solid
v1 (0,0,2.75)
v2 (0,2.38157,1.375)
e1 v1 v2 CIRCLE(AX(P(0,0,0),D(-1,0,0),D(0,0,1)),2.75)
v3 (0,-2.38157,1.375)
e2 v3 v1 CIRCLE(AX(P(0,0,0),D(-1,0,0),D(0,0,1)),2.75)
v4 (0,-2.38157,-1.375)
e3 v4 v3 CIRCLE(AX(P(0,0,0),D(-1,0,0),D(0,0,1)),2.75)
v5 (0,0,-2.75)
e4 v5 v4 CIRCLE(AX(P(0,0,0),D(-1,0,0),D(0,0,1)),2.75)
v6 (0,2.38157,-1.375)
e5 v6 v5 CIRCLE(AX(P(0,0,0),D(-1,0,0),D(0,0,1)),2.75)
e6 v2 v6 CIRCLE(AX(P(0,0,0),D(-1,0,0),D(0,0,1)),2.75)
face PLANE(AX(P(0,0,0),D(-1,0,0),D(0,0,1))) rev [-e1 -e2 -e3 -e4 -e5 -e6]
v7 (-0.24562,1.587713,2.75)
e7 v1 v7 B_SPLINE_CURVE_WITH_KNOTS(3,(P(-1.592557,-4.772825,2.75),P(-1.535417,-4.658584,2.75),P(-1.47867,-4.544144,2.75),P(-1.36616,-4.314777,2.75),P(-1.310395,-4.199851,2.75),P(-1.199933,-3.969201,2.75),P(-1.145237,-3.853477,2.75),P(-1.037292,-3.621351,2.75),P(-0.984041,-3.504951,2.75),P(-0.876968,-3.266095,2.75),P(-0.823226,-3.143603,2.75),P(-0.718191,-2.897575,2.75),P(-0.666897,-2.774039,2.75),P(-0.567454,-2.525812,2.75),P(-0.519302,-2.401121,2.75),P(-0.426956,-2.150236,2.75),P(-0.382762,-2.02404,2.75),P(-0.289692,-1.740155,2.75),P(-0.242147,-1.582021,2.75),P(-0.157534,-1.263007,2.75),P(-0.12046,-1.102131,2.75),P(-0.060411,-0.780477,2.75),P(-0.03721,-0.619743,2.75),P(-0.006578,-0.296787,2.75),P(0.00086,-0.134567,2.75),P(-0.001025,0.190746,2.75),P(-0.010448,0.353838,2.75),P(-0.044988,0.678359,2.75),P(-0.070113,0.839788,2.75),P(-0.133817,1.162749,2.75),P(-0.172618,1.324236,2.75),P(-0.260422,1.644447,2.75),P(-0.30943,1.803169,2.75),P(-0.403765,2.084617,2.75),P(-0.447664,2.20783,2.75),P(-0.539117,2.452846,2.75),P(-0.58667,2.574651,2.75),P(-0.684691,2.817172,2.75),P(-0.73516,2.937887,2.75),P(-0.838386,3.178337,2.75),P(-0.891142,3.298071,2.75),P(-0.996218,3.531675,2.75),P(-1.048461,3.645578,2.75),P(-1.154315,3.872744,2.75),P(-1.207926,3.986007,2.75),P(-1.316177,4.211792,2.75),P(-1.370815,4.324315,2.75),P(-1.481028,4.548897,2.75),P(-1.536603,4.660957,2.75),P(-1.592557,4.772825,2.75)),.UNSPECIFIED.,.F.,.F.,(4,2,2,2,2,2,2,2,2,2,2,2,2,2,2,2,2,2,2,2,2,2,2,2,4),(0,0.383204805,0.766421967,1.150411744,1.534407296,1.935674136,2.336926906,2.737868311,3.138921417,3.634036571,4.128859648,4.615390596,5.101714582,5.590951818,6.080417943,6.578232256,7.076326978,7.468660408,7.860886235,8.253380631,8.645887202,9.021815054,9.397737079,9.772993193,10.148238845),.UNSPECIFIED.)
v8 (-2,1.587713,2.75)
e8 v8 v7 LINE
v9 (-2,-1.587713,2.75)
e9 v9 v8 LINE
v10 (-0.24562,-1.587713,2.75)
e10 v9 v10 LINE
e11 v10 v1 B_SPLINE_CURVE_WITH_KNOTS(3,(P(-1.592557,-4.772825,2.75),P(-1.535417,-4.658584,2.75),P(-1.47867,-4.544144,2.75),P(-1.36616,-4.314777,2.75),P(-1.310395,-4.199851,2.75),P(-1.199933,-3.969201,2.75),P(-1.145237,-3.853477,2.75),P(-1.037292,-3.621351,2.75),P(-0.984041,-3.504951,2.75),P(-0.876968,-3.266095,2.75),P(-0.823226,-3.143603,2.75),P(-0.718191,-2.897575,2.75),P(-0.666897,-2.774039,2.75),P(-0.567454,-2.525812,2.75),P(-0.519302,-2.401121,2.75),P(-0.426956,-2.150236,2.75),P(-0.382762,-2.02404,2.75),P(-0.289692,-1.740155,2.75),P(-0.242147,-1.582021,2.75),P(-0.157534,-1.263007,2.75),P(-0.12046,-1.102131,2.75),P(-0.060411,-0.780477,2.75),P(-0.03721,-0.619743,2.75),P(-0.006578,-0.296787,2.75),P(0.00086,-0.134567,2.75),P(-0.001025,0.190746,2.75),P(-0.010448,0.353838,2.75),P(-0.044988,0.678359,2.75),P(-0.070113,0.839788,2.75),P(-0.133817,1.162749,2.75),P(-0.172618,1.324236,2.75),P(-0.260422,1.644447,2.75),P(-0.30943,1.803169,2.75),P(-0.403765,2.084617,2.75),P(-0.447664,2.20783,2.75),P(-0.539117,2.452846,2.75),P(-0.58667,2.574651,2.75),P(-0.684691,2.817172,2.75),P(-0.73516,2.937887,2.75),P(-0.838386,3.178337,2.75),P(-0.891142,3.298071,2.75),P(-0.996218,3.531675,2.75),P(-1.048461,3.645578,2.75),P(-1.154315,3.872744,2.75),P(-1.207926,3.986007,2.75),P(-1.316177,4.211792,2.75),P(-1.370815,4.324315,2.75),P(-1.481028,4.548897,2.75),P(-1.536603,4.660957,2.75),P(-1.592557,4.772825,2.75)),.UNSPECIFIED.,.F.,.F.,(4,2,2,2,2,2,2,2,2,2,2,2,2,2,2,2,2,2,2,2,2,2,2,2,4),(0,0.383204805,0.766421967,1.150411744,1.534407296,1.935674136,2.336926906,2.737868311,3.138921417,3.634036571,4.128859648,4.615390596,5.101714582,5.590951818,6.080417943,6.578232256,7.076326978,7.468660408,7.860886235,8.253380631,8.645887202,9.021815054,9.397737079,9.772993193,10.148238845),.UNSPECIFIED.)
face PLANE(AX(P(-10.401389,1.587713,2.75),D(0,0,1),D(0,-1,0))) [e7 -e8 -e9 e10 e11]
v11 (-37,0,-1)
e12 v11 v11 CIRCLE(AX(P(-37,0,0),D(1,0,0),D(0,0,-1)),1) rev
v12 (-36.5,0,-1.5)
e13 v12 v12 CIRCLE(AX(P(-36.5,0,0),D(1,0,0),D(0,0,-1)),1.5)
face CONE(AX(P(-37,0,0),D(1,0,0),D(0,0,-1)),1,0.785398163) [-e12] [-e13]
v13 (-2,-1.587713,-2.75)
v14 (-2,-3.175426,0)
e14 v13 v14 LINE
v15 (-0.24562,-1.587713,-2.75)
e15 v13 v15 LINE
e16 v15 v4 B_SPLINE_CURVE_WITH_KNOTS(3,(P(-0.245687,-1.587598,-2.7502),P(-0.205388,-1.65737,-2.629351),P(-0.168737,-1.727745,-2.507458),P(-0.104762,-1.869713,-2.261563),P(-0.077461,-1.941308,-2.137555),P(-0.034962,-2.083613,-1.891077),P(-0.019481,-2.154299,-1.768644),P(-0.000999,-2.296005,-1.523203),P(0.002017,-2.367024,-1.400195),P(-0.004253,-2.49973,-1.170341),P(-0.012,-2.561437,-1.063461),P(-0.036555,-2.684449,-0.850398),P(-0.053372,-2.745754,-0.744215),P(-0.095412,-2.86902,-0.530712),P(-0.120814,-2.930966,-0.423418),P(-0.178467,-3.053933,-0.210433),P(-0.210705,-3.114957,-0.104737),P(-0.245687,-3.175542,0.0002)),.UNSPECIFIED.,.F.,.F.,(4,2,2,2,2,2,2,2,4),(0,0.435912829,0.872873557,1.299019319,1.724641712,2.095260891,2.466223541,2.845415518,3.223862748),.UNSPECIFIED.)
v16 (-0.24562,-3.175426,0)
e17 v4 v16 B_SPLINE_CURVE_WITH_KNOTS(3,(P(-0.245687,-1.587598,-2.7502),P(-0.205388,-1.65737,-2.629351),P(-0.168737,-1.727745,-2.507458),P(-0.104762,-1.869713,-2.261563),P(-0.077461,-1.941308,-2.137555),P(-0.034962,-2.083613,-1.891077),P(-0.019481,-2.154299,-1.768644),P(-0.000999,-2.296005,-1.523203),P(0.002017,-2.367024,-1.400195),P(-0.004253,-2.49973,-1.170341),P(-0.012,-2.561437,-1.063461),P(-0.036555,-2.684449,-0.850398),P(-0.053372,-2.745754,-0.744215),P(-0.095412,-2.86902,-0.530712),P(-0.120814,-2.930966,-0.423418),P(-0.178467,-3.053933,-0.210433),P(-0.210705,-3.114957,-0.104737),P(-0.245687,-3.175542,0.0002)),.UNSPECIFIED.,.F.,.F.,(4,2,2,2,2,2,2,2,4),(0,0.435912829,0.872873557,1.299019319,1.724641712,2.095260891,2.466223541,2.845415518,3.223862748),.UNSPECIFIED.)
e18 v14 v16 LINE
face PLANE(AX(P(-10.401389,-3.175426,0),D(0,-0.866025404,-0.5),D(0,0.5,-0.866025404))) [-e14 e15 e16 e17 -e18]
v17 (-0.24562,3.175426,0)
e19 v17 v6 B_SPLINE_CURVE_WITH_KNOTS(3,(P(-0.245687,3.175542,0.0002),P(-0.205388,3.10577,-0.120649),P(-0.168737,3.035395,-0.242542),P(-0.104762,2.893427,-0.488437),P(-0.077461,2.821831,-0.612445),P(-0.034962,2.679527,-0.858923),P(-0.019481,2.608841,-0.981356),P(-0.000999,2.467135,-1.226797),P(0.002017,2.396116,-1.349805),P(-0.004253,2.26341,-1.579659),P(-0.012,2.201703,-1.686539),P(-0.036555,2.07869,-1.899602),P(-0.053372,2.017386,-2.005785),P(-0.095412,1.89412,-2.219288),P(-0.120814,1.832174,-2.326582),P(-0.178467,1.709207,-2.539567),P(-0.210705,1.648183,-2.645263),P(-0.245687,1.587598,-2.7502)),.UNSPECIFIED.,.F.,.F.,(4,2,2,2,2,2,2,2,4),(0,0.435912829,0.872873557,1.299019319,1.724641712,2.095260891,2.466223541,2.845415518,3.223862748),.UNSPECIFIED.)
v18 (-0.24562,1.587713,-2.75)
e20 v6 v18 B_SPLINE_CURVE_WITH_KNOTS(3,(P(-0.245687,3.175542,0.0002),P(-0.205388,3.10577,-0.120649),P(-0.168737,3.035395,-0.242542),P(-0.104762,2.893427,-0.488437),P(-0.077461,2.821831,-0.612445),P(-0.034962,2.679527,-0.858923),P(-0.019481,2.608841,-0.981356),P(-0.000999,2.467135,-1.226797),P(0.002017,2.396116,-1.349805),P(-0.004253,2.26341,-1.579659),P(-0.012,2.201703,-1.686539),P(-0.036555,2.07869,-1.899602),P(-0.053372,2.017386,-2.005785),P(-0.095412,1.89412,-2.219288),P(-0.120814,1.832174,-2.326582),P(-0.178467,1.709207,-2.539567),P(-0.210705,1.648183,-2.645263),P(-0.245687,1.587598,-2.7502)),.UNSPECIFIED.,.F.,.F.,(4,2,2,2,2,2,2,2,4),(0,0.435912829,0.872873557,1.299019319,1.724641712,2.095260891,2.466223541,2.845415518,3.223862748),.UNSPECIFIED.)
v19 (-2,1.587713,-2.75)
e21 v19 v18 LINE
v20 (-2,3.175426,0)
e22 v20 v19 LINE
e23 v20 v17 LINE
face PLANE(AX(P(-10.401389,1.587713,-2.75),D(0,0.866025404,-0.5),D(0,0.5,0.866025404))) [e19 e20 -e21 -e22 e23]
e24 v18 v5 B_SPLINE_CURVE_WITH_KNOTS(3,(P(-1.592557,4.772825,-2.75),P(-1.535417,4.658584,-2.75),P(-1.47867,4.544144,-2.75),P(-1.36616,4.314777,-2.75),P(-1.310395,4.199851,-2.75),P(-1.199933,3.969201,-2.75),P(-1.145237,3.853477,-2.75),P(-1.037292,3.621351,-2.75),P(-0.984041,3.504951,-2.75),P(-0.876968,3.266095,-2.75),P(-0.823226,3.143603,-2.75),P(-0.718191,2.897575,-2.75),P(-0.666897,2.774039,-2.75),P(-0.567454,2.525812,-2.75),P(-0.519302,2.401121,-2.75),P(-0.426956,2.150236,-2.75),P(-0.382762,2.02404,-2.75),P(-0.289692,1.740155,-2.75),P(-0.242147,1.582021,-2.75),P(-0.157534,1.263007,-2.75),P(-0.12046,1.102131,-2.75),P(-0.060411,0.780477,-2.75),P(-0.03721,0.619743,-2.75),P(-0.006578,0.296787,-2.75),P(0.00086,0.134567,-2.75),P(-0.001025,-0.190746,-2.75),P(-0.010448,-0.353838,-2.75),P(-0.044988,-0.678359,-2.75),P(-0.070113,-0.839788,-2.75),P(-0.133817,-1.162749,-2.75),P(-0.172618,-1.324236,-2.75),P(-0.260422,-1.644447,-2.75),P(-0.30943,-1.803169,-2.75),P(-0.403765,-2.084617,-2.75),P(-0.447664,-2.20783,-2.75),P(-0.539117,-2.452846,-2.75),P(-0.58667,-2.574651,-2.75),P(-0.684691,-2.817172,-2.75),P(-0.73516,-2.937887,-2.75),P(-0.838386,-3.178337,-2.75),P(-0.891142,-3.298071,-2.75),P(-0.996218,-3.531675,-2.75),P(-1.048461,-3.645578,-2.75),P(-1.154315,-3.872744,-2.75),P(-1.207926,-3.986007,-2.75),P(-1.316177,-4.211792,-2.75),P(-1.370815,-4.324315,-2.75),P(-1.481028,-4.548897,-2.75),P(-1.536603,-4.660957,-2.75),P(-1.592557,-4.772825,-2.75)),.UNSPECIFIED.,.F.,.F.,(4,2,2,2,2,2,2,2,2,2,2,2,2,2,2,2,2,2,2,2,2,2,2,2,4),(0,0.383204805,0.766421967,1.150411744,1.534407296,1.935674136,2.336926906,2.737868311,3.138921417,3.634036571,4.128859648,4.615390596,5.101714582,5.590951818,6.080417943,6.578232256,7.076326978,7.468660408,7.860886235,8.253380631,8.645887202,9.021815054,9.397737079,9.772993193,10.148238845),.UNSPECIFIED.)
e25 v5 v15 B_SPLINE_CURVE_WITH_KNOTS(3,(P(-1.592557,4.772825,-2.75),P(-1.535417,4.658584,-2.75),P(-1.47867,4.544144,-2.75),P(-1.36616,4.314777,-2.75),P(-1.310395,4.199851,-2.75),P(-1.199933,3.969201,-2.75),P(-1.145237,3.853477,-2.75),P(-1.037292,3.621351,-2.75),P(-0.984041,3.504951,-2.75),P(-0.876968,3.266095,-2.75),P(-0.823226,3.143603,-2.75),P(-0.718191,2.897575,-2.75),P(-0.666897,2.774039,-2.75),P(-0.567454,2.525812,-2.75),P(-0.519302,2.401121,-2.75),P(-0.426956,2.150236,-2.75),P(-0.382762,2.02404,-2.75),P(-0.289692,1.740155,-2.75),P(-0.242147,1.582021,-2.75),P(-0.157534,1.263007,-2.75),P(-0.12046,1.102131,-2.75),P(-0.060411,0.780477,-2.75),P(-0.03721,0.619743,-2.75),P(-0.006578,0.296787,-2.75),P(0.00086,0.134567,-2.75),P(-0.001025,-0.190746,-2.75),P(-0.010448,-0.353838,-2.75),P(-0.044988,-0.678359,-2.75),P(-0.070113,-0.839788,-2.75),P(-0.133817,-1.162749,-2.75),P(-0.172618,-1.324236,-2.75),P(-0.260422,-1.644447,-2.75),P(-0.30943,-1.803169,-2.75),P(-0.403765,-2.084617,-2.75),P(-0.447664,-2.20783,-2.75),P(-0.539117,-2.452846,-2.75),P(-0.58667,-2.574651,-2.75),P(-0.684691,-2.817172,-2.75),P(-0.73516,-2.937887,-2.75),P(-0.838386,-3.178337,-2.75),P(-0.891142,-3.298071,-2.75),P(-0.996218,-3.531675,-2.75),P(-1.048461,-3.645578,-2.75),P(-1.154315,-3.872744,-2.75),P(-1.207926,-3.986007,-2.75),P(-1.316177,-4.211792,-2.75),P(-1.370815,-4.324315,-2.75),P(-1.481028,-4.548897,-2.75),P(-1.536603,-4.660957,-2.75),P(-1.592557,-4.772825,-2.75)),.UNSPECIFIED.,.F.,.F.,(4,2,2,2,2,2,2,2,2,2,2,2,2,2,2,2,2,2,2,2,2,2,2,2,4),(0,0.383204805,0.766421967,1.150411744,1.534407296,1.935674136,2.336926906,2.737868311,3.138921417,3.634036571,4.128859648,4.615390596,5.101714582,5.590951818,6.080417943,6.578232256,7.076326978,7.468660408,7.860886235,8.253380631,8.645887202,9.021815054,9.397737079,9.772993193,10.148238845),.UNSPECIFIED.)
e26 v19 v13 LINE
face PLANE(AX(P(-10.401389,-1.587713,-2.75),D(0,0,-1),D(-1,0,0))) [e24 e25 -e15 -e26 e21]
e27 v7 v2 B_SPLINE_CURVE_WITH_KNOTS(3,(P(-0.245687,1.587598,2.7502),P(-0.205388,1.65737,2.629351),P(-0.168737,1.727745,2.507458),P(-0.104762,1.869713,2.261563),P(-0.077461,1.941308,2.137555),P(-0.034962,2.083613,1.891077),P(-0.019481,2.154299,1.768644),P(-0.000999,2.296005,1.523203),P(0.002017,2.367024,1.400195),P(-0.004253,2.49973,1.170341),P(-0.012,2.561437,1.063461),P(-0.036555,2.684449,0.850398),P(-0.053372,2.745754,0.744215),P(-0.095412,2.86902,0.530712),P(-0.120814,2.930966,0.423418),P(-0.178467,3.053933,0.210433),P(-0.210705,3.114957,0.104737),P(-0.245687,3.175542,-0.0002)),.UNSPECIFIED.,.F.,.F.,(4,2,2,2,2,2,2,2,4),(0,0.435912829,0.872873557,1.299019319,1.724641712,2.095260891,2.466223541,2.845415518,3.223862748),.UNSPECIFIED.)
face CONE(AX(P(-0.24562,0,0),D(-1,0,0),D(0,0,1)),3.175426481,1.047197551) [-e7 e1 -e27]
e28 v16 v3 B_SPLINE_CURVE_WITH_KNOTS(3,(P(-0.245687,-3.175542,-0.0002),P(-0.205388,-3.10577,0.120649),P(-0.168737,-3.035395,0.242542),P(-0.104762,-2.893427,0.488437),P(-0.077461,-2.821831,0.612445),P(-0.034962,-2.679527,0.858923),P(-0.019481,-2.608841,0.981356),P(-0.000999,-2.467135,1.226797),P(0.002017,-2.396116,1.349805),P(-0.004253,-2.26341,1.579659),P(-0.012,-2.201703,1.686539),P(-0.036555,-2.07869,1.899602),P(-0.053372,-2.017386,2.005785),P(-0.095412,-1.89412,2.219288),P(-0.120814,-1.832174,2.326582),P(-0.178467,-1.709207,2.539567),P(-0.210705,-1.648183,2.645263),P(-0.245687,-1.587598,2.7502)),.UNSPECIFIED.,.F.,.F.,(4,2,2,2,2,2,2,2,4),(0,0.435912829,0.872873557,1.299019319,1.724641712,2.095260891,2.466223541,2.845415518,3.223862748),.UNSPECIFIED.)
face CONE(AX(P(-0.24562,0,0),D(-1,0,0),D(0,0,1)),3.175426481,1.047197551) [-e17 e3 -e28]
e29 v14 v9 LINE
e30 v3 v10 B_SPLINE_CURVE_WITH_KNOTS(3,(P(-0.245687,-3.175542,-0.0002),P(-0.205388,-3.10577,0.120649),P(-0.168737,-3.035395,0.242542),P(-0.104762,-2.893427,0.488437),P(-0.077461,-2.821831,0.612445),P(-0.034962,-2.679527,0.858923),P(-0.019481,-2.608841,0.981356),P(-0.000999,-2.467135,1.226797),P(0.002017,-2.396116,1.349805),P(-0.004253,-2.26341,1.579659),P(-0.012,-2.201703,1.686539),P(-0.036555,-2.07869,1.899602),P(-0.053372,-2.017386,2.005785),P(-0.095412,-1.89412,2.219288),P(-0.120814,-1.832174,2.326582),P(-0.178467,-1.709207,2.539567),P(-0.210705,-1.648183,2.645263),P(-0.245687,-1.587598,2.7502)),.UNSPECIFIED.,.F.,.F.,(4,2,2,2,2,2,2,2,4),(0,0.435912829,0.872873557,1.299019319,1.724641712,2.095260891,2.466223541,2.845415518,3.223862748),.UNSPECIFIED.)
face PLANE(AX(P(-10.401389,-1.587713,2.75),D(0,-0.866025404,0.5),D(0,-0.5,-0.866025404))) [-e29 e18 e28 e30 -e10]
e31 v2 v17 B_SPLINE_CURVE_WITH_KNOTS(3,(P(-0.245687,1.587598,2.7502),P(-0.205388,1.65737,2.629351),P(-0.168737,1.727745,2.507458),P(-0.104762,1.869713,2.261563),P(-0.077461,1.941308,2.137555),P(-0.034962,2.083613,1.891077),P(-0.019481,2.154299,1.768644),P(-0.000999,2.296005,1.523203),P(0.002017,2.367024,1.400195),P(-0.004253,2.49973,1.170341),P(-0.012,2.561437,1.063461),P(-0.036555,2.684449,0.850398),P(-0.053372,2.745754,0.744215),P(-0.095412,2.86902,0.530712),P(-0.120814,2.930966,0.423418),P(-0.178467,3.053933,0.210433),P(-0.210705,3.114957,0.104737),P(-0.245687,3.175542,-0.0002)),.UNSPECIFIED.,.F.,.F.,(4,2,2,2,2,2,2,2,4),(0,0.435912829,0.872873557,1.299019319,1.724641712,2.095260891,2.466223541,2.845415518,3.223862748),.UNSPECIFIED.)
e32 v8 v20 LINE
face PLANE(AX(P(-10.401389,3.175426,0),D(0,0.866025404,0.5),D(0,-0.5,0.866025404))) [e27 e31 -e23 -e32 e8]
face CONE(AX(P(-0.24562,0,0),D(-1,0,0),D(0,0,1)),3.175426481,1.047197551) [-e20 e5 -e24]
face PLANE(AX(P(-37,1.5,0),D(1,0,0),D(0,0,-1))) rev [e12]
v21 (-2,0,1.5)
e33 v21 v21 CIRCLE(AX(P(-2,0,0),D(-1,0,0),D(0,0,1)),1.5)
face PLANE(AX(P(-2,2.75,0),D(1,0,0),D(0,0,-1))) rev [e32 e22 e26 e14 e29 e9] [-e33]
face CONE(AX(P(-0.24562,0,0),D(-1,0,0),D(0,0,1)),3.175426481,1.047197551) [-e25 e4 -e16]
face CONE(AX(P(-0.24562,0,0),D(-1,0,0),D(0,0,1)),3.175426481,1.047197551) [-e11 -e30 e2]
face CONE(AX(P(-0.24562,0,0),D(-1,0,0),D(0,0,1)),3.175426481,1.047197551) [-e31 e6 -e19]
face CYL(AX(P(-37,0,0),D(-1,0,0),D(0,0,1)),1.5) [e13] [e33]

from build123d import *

# Parameters (mm, degrees)
DODANIE_WYCI_GNI_CIE1_DEPTH = 2
SFAZOWANIE1_SIZE            = 0.5


with BuildPart() as part:
    # Szkic1 → Obrót1 (revolve)
    with BuildSketch(Plane.XY):
        Polygon((0, 0), (0, 2.75), (-2, 2.75), (-2, 1.5), (-37, 1.5), (-37, 0), align=None)
    revolve(axis=Axis((-37, 0, 0), (1, 0, 0)))

    # Szkic2 → Dodanie-wyciągnięcie1 (add)
    with BuildSketch(Plane(origin=(0, 0, 0), x_dir=(0, 0, -1), z_dir=(1, 0, 0))):
        Polygon((-2.75, 1.58771324), (-2.75, -1.58771324), (0, -3.175426481), (2.75, -1.58771324), (2.75, 1.58771324), (0, 3.175426481), align=None)
    extrude(amount=-DODANIE_WYCI_GNI_CIE1_DEPTH)

    # Sfazowanie1
    sfazowanie1_edges = [part.edges().sort_by_distance(p)[0] for p in [
        (-37, -1.5, 0),
    ]]
    chamfer(sfazowanie1_edges, length=SFAZOWANIE1_SIZE)

    # Szkic9 → Wycięcie-obrót1 (revolve, cut)
    with BuildSketch(Plane.XY):
        Polygon((0, 3.175426481), (0, 2.75), (-0.245620093, 3.175426481), align=None)
    revolve(axis=Axis((-37, 0, 0), (1, 0, 0)), mode=Mode.SUBTRACT)


solid = part.part
